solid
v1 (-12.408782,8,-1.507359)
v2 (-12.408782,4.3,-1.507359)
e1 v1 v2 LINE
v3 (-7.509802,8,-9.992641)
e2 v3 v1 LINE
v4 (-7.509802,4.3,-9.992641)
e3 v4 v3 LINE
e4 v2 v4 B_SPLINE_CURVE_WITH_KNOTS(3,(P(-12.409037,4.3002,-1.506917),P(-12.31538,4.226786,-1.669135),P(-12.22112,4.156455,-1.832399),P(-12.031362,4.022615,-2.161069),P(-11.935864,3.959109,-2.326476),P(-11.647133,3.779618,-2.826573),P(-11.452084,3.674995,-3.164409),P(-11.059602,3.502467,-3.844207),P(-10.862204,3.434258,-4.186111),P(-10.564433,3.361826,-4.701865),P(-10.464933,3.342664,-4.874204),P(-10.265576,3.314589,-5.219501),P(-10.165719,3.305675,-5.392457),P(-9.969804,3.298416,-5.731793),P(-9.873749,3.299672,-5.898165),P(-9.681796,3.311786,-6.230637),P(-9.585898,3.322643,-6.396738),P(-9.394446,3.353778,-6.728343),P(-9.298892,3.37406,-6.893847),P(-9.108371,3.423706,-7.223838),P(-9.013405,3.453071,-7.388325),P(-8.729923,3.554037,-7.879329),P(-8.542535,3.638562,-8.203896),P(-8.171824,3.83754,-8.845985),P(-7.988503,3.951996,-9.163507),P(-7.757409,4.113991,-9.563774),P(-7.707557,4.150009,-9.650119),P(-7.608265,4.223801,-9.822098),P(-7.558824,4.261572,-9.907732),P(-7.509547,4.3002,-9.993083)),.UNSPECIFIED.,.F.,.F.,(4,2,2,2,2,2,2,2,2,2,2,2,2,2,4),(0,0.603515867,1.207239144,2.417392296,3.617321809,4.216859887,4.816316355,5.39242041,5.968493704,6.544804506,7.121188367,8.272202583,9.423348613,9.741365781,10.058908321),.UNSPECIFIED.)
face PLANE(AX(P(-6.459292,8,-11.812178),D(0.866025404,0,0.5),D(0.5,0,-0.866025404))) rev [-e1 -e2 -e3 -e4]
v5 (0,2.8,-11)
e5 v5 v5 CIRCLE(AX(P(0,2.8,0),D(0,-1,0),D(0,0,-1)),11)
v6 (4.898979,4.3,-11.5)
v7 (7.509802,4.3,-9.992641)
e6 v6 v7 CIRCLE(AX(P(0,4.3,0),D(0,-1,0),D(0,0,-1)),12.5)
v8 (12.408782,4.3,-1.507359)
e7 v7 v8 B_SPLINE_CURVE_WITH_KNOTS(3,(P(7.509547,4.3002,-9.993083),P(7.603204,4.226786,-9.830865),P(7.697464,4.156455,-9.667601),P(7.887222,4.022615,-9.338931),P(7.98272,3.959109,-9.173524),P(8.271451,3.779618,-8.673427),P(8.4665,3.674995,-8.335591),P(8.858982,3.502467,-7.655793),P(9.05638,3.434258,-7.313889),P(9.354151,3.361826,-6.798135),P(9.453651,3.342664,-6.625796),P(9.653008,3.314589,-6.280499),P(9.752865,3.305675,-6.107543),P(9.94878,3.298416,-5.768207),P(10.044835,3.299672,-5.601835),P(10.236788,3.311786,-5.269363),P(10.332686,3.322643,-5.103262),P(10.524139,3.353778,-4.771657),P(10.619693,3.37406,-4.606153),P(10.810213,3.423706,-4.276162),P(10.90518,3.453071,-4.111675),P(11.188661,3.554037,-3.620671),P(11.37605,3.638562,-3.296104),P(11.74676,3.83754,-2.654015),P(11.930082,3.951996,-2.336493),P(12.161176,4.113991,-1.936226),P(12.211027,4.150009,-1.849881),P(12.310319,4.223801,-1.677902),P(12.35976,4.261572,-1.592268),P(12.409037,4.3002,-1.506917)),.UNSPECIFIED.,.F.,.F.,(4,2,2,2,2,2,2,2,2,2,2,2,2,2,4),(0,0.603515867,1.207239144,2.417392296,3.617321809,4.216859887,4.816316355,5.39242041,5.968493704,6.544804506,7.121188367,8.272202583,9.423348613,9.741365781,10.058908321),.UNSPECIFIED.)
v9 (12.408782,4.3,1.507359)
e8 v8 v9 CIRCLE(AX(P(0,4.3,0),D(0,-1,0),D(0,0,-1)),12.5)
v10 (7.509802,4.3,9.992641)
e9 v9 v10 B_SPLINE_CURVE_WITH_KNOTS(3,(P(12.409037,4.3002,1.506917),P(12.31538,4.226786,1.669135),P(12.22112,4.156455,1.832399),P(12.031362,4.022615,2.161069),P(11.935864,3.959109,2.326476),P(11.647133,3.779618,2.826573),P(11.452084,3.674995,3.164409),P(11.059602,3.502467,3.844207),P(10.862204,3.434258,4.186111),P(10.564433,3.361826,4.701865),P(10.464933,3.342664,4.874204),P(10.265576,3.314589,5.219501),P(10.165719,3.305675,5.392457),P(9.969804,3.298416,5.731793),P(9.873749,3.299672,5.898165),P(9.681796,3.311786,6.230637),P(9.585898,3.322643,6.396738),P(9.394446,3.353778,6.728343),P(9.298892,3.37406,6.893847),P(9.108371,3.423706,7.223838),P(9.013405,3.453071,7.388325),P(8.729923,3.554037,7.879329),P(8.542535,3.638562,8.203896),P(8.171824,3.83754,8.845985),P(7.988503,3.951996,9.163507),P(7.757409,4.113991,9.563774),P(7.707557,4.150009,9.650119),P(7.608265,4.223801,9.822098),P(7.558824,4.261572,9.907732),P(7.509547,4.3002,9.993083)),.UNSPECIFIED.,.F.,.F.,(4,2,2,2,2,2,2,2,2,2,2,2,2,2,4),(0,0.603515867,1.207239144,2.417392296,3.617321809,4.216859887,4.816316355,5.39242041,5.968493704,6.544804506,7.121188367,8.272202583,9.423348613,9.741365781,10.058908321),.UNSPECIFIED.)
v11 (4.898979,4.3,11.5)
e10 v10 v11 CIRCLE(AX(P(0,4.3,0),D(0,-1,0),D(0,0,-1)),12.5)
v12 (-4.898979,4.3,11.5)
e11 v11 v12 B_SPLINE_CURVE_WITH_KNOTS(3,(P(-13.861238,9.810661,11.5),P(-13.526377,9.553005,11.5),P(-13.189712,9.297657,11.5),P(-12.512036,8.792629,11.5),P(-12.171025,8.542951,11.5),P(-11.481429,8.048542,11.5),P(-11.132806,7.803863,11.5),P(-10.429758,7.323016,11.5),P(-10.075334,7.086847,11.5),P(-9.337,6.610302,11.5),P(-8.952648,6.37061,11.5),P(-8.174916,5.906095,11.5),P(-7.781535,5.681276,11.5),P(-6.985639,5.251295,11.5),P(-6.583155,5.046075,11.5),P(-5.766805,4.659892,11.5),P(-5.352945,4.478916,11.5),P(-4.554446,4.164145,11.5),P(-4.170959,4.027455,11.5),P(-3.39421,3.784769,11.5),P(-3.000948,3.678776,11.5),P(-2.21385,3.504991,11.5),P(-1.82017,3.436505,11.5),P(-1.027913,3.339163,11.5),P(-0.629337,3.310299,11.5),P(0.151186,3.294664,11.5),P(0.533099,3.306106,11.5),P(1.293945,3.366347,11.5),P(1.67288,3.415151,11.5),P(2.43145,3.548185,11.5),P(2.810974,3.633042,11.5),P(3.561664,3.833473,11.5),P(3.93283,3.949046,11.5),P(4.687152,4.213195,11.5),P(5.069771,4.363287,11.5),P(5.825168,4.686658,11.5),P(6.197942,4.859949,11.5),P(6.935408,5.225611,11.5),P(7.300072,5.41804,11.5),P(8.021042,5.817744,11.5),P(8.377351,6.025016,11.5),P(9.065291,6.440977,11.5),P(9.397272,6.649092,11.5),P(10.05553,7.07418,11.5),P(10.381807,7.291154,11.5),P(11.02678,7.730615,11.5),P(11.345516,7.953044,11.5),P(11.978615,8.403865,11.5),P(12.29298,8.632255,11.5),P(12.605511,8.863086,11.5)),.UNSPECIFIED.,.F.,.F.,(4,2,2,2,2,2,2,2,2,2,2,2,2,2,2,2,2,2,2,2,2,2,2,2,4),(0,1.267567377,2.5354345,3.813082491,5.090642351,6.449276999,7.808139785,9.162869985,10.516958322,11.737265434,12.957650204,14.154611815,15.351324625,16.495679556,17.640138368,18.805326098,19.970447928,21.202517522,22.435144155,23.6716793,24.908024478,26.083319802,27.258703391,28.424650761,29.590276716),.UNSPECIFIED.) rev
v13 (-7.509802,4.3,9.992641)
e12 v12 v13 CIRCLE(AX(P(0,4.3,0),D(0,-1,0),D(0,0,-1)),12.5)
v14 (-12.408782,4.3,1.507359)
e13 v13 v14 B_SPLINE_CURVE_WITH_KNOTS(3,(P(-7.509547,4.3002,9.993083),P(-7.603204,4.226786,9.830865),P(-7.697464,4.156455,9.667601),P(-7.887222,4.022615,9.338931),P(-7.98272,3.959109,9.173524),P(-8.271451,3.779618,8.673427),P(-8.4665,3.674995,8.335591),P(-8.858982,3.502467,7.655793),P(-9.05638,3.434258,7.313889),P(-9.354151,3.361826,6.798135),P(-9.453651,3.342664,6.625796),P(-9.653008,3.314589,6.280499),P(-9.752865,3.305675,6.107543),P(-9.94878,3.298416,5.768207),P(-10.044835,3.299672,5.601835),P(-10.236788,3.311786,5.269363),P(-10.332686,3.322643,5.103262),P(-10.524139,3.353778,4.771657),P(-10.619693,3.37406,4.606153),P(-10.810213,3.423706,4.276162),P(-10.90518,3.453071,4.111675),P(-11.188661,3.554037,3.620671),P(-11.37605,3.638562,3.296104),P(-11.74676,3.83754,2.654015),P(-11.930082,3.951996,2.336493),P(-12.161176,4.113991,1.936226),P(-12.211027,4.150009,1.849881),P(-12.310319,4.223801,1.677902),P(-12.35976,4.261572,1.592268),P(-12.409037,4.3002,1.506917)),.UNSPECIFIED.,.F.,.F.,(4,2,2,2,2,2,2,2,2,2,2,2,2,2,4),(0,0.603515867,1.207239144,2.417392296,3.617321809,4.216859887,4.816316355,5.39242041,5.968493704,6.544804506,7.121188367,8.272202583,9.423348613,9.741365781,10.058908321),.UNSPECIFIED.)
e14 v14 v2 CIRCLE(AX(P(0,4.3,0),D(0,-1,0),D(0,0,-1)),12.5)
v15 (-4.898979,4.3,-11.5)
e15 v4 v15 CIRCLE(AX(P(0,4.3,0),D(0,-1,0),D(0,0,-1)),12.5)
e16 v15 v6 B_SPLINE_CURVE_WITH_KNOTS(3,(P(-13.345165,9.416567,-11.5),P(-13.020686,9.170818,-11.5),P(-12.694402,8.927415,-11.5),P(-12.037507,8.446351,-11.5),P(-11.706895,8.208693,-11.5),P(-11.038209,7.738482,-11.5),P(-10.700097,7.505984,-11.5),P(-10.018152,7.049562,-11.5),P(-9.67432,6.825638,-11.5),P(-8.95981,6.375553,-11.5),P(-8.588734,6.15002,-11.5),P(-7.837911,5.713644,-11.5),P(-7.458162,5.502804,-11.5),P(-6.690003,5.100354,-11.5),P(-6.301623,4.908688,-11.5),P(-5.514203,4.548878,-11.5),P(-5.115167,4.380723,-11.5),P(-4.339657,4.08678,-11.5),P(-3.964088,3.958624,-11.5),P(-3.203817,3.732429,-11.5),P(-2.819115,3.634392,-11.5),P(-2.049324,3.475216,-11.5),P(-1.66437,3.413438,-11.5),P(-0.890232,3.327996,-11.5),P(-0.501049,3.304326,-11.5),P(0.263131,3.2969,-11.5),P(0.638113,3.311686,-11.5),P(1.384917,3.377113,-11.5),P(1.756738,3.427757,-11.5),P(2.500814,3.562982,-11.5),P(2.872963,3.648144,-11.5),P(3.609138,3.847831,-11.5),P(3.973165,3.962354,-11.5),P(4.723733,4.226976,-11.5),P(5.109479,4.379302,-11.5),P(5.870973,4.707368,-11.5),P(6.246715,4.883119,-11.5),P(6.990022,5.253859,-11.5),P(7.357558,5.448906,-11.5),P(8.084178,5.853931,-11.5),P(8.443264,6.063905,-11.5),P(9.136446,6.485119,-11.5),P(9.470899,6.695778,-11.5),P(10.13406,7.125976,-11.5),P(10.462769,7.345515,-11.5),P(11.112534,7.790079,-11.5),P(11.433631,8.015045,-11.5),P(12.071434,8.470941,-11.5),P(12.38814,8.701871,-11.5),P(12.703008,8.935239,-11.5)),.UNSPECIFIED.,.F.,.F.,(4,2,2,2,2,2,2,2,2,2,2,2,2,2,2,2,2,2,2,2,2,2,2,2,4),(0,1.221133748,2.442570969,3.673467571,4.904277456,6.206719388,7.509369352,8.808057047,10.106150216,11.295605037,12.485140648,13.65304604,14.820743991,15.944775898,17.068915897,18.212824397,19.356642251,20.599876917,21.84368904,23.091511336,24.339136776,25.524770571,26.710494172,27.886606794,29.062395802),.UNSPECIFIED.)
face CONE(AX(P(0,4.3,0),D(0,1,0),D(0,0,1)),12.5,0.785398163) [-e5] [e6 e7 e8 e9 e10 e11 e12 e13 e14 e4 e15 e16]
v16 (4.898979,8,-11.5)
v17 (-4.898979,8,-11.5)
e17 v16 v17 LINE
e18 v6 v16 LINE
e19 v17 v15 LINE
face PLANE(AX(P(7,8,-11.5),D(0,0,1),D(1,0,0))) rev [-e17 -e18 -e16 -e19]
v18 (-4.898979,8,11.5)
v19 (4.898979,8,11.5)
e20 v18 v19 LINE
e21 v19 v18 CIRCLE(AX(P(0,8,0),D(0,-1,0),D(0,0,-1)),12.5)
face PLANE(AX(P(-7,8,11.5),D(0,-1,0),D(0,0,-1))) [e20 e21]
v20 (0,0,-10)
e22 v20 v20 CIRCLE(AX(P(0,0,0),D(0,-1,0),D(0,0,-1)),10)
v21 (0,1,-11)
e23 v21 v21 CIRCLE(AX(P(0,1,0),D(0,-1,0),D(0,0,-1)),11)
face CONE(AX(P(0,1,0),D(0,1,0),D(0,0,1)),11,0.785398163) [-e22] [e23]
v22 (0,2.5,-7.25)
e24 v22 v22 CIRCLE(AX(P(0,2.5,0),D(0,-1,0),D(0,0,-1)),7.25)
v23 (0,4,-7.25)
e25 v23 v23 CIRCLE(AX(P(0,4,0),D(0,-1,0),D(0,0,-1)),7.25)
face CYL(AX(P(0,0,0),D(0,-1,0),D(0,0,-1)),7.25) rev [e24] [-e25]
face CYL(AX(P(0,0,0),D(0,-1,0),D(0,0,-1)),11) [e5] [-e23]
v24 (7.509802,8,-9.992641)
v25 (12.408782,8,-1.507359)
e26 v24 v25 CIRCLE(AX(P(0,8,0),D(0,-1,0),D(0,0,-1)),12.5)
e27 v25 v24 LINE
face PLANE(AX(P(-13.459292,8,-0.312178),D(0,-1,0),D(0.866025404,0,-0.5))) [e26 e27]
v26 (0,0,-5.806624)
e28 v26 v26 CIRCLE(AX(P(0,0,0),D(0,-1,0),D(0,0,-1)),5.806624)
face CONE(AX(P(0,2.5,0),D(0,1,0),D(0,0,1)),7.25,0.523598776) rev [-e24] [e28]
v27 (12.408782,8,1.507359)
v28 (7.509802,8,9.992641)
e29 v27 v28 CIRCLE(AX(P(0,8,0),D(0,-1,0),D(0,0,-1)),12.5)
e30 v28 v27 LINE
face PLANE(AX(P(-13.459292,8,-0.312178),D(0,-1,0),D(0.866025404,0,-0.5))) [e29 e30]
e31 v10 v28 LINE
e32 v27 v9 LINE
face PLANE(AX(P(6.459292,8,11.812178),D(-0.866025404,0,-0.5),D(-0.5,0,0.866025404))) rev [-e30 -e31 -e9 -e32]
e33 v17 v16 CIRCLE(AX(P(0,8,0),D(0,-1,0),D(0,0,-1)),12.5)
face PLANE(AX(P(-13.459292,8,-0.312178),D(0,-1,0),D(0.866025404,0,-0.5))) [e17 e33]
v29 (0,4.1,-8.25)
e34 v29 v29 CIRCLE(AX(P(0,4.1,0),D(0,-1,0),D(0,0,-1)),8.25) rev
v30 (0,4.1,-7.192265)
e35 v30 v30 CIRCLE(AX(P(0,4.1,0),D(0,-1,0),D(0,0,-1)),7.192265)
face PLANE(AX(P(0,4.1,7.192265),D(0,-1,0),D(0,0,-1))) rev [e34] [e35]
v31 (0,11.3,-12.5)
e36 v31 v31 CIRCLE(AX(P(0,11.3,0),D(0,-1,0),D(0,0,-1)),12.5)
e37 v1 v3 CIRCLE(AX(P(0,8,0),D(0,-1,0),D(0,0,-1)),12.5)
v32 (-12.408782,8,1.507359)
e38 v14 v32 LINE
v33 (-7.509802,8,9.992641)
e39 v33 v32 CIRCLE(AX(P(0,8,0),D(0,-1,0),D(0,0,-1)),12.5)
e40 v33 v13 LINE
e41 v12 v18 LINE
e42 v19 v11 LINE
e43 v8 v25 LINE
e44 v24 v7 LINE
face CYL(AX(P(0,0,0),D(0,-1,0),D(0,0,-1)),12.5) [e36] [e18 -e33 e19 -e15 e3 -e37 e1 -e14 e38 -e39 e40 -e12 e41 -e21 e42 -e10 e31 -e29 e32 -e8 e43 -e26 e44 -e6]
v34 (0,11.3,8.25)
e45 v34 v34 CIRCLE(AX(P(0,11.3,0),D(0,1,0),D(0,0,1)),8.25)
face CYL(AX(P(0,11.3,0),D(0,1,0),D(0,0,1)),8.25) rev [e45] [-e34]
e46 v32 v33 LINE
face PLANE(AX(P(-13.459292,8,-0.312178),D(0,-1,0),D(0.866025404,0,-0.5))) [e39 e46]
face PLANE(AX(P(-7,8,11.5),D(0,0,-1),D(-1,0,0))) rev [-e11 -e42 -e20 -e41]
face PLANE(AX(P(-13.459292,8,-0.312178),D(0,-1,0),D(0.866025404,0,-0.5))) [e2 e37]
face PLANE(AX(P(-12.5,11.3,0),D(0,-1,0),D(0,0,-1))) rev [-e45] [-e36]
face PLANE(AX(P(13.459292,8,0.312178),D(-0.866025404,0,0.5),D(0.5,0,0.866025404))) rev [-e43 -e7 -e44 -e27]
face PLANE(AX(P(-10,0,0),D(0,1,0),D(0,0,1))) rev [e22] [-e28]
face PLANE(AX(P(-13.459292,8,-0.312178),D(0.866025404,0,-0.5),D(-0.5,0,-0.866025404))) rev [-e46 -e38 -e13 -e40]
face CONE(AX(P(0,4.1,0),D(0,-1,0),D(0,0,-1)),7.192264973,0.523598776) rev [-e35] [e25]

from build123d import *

# Parameters (mm, degrees)
HOLE_THREAD_D          = 16.5
HOLE_THREAD_DEPTH      = 7.2
SKETCH5_W              = 14
SKETCH5_H              = 1
EXTRUDE_CUT_DEPTH      = 8
CIRCULAR_PATTERN_COUNT = 6


with BuildPart() as part:
    # Sketch0 → Rotation1 (revolve)
    with BuildSketch(Plane.XY, mode=Mode.PRIVATE) as rotation1_sk:
        Polygon((-12.5, 11.3), (-12.5, 4.3), (-11, 2.8), (-11, 1), (-10, 0), (0, 0), (0, 11.3), align=None)
    revolve(rotation1_sk.sketch.rotate(Axis((0, 0, 0), (0, 1, 0)), 270), axis=Axis((0, 0, 0), (0, 1, 0)))

    # Sketch1 → Revolved Cut1 (revolve, cut)
    with BuildSketch(Plane(origin=(0, 0, 0), x_dir=(0, 0, -1), z_dir=(1, 0, 0)), mode=Mode.PRIVATE) as revolved_cut1_sk:
        Polygon((-5.806624327, 0), (-7.25, 2.5), (-7.25, 4), (-7.192264973, 4.1), (0, 4.1), (0, 0), align=None)
    revolve(revolved_cut1_sk.sketch.rotate(Axis((0, 0, 0), (0, 1, 0)), 180), axis=Axis((0, 0, 0), (0, 1, 0)), mode=Mode.SUBTRACT)

    # Hole/Thread
    with Locations(Plane(origin=(0, 11.3, 0), x_dir=(-1, 0, 0), z_dir=(0, 1, 0))):
        with Locations((0, 0)):
            Hole(HOLE_THREAD_D / 2, depth=HOLE_THREAD_DEPTH)

    # Sketch5 → Extrude Cut (cut)
    with BuildSketch(Plane.XZ):
        with Locations((0, 12)):
            Rectangle(SKETCH5_W, SKETCH5_H)
    extrude_cut = extrude(amount=-EXTRUDE_CUT_DEPTH, mode=Mode.SUBTRACT)

    # Circular Pattern: Extrude Cut ×6 about axis
    circular_pattern_axis = Axis((0, 0, 0), (0, 1, 0))
    for i in range(1, CIRCULAR_PATTERN_COUNT):
        add(extrude_cut.rotate(circular_pattern_axis, i * 360 / CIRCULAR_PATTERN_COUNT), mode=Mode.SUBTRACT)


solid = part.part
